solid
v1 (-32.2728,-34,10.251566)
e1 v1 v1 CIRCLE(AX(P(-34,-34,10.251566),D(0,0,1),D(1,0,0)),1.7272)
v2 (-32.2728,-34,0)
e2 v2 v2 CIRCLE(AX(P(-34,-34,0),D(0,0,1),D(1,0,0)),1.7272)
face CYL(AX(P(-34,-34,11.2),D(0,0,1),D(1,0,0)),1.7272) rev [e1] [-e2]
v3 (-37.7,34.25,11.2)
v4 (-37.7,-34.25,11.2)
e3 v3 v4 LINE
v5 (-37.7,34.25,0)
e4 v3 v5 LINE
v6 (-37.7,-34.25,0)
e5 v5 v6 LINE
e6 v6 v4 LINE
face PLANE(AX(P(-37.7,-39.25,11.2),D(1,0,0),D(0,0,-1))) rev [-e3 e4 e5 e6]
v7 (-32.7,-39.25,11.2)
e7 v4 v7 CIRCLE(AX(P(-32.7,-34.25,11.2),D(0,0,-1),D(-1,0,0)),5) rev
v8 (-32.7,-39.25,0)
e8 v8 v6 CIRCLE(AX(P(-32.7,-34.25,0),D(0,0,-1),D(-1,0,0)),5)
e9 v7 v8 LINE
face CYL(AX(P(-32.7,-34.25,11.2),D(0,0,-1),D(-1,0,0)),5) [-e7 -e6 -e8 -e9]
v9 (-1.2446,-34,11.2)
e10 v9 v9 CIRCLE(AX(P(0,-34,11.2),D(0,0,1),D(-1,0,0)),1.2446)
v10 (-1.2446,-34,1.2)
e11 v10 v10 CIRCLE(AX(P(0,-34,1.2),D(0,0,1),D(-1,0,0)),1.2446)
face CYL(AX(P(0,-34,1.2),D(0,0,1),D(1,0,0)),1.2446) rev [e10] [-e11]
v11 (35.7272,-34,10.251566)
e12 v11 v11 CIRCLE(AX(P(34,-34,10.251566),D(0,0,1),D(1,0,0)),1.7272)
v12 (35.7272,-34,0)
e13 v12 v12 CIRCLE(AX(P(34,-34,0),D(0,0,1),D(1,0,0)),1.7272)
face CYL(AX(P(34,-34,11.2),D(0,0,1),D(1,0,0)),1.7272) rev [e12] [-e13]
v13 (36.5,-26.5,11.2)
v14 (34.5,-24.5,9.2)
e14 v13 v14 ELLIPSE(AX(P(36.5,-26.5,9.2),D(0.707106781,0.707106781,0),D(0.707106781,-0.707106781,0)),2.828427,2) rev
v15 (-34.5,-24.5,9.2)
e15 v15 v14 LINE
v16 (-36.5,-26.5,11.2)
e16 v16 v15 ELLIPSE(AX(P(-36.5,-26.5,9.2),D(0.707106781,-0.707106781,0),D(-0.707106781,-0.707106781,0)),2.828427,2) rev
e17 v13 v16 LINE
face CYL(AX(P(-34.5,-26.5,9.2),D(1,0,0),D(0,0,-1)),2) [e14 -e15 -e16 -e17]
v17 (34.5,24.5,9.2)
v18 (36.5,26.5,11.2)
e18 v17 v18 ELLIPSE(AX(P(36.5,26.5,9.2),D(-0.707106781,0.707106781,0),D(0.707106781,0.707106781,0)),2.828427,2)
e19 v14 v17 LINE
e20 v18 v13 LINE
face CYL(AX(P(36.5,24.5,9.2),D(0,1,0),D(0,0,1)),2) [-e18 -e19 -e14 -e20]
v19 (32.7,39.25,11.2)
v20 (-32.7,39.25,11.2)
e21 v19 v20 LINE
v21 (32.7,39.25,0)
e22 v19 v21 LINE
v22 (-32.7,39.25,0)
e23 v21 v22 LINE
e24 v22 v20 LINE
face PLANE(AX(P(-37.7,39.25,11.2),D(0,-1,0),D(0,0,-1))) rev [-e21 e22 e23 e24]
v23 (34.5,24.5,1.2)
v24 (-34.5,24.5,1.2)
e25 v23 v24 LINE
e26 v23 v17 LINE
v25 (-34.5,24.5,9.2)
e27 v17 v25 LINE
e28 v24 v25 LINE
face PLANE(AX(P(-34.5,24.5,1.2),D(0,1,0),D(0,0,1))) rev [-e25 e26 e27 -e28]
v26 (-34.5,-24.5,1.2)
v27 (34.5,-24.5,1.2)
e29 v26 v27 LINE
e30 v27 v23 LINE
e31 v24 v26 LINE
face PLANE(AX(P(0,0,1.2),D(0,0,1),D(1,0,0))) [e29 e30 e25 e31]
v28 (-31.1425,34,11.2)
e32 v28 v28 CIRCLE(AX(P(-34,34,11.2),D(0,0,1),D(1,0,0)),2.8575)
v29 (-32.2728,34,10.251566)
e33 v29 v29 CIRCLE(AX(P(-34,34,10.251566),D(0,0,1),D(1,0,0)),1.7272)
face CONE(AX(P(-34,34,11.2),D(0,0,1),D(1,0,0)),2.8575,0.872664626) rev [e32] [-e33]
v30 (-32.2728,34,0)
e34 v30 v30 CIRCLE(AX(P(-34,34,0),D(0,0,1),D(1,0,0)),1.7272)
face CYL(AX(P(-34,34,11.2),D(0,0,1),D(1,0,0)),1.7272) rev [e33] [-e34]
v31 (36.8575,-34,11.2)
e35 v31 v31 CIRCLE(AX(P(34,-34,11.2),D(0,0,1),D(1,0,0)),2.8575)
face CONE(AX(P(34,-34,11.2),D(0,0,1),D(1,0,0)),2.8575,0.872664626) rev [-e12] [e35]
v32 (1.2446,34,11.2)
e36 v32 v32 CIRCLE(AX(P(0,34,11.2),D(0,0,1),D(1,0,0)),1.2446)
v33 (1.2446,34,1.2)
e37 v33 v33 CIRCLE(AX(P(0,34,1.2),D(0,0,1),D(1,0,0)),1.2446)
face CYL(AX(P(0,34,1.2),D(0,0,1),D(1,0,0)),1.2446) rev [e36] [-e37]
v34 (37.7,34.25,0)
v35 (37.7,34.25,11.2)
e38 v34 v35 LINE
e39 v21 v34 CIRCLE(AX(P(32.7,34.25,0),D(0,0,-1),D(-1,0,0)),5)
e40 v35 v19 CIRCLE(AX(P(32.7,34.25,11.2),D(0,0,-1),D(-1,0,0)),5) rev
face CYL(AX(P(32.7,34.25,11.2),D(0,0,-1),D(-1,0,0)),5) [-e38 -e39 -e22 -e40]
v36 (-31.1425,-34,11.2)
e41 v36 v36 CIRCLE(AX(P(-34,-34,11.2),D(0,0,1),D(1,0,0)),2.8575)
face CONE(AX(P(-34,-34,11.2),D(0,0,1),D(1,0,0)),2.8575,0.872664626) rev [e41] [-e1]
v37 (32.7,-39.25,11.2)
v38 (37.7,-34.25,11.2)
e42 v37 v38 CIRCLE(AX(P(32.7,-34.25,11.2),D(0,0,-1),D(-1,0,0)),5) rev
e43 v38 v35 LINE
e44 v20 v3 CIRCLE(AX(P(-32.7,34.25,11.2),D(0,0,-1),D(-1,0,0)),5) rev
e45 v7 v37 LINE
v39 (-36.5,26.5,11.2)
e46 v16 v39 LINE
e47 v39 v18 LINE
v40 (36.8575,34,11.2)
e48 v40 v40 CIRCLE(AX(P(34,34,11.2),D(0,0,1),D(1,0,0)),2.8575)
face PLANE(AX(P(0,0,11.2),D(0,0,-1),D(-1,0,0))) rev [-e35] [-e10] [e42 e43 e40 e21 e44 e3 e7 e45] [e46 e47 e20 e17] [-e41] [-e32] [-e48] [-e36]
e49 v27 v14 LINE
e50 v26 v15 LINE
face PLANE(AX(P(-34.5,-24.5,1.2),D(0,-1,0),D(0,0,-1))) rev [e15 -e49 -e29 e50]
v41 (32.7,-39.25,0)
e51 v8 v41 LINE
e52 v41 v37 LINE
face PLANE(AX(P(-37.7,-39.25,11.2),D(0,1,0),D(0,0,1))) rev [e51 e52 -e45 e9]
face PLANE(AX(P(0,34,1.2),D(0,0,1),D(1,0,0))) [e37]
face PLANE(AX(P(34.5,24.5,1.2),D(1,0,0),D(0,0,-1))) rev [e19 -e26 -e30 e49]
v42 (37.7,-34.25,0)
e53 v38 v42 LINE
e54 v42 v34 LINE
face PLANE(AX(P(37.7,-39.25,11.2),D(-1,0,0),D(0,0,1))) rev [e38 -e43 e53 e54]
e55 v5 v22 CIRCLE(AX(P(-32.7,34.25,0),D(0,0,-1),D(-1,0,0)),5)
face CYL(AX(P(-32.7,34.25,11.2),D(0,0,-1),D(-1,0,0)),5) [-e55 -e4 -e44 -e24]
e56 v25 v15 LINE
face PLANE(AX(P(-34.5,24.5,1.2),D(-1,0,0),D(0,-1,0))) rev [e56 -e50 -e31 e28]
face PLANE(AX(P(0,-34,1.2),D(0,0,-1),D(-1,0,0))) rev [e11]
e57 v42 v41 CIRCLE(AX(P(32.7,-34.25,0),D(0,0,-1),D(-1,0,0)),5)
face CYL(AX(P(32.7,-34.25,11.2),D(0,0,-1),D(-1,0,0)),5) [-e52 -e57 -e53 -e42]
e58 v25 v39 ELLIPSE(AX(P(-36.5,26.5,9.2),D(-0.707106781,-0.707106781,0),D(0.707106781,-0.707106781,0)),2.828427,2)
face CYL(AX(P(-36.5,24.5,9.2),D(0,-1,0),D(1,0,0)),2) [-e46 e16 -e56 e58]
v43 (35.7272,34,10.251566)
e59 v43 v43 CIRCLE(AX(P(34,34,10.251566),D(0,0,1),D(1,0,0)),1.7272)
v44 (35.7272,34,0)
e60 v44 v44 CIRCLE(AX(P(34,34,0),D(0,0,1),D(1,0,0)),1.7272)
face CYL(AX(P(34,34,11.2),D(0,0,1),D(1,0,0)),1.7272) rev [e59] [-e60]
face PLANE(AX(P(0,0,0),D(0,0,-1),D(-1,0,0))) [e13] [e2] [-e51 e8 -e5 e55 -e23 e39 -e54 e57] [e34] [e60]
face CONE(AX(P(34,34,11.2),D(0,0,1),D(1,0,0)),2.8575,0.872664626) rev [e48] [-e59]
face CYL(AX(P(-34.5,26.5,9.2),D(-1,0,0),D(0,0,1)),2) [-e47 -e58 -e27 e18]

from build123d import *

# Parameters (mm, degrees)
SKETCH1_W                                         = 75.4
SKETCH1_H                                         = 78.5
BOSS_EXTRUDE1_DEPTH                               = 11.2
SKETCH2_W                                         = 69
SKETCH2_H                                         = 49
CUT_EXTRUDE1_DEPTH                                = 10
FILLET2_R                                         = 2
SKETCH3_R                                         = 1.2446
CUT_EXTRUDE2_DEPTH                                = 10
FILLET3_R                                         = 5
CSK_FOR_4_FLAT_HEAD_MACHINE_SCREW_100_D           = 3.4544
CSK_FOR_4_FLAT_HEAD_MACHINE_SCREW_100_CSINK_D     = 5.715
CSK_FOR_4_FLAT_HEAD_MACHINE_SCREW_100_CSINK_ANGLE = 100


with BuildPart() as part:
    # Sketch1 → Boss-Extrude1 (new body)
    with BuildSketch(Plane.XY):
        Rectangle(SKETCH1_W, SKETCH1_H)
    extrude(amount=BOSS_EXTRUDE1_DEPTH)

    # Sketch2 → Cut-Extrude1 (cut)
    with BuildSketch(Plane.XY.offset(11.2)):
        Rectangle(SKETCH2_W, SKETCH2_H)
    extrude(amount=-CUT_EXTRUDE1_DEPTH, mode=Mode.SUBTRACT)

    # Fillet2
    fillet2_edges = [part.edges().sort_by_distance(p)[0] for p in [
        (34.5, 0, 11.2),
        (0, 24.5, 11.2),
        (-34.5, 0, 11.2),
        (0, -24.5, 11.2),
    ]]
    fillet(fillet2_edges, radius=FILLET2_R)

    # Sketch3 → Cut-Extrude2 (cut)
    with BuildSketch(Plane.XY.offset(11.2)):
        with Locations((0, 34)):
            Circle(SKETCH3_R)
        with Locations(Location((0, -34, 0), (0, 0, 180))):
            Circle(SKETCH3_R)
    extrude(amount=-CUT_EXTRUDE2_DEPTH, mode=Mode.SUBTRACT)

    # Fillet3
    fillet3_edges = [part.edges().sort_by_distance(p)[0] for p in [
        (37.7, -39.25, 5.6),
        (-37.7, -39.25, 5.6),
        (-37.7, 39.25, 5.6),
        (37.7, 39.25, 5.6),
    ]]
    fillet(fillet3_edges, radius=FILLET3_R)

    # CSK for #4 Flat Head Machine Screw (100)1 (through all)
    with Locations(Plane.XY.offset(11.2)):
        with Locations((34, -34), (-34, -34), (-34, 34), (34, 34)):
            CounterSinkHole(CSK_FOR_4_FLAT_HEAD_MACHINE_SCREW_100_D / 2, CSK_FOR_4_FLAT_HEAD_MACHINE_SCREW_100_CSINK_D / 2, counter_sink_angle=CSK_FOR_4_FLAT_HEAD_MACHINE_SCREW_100_CSINK_ANGLE)


solid = part.part
